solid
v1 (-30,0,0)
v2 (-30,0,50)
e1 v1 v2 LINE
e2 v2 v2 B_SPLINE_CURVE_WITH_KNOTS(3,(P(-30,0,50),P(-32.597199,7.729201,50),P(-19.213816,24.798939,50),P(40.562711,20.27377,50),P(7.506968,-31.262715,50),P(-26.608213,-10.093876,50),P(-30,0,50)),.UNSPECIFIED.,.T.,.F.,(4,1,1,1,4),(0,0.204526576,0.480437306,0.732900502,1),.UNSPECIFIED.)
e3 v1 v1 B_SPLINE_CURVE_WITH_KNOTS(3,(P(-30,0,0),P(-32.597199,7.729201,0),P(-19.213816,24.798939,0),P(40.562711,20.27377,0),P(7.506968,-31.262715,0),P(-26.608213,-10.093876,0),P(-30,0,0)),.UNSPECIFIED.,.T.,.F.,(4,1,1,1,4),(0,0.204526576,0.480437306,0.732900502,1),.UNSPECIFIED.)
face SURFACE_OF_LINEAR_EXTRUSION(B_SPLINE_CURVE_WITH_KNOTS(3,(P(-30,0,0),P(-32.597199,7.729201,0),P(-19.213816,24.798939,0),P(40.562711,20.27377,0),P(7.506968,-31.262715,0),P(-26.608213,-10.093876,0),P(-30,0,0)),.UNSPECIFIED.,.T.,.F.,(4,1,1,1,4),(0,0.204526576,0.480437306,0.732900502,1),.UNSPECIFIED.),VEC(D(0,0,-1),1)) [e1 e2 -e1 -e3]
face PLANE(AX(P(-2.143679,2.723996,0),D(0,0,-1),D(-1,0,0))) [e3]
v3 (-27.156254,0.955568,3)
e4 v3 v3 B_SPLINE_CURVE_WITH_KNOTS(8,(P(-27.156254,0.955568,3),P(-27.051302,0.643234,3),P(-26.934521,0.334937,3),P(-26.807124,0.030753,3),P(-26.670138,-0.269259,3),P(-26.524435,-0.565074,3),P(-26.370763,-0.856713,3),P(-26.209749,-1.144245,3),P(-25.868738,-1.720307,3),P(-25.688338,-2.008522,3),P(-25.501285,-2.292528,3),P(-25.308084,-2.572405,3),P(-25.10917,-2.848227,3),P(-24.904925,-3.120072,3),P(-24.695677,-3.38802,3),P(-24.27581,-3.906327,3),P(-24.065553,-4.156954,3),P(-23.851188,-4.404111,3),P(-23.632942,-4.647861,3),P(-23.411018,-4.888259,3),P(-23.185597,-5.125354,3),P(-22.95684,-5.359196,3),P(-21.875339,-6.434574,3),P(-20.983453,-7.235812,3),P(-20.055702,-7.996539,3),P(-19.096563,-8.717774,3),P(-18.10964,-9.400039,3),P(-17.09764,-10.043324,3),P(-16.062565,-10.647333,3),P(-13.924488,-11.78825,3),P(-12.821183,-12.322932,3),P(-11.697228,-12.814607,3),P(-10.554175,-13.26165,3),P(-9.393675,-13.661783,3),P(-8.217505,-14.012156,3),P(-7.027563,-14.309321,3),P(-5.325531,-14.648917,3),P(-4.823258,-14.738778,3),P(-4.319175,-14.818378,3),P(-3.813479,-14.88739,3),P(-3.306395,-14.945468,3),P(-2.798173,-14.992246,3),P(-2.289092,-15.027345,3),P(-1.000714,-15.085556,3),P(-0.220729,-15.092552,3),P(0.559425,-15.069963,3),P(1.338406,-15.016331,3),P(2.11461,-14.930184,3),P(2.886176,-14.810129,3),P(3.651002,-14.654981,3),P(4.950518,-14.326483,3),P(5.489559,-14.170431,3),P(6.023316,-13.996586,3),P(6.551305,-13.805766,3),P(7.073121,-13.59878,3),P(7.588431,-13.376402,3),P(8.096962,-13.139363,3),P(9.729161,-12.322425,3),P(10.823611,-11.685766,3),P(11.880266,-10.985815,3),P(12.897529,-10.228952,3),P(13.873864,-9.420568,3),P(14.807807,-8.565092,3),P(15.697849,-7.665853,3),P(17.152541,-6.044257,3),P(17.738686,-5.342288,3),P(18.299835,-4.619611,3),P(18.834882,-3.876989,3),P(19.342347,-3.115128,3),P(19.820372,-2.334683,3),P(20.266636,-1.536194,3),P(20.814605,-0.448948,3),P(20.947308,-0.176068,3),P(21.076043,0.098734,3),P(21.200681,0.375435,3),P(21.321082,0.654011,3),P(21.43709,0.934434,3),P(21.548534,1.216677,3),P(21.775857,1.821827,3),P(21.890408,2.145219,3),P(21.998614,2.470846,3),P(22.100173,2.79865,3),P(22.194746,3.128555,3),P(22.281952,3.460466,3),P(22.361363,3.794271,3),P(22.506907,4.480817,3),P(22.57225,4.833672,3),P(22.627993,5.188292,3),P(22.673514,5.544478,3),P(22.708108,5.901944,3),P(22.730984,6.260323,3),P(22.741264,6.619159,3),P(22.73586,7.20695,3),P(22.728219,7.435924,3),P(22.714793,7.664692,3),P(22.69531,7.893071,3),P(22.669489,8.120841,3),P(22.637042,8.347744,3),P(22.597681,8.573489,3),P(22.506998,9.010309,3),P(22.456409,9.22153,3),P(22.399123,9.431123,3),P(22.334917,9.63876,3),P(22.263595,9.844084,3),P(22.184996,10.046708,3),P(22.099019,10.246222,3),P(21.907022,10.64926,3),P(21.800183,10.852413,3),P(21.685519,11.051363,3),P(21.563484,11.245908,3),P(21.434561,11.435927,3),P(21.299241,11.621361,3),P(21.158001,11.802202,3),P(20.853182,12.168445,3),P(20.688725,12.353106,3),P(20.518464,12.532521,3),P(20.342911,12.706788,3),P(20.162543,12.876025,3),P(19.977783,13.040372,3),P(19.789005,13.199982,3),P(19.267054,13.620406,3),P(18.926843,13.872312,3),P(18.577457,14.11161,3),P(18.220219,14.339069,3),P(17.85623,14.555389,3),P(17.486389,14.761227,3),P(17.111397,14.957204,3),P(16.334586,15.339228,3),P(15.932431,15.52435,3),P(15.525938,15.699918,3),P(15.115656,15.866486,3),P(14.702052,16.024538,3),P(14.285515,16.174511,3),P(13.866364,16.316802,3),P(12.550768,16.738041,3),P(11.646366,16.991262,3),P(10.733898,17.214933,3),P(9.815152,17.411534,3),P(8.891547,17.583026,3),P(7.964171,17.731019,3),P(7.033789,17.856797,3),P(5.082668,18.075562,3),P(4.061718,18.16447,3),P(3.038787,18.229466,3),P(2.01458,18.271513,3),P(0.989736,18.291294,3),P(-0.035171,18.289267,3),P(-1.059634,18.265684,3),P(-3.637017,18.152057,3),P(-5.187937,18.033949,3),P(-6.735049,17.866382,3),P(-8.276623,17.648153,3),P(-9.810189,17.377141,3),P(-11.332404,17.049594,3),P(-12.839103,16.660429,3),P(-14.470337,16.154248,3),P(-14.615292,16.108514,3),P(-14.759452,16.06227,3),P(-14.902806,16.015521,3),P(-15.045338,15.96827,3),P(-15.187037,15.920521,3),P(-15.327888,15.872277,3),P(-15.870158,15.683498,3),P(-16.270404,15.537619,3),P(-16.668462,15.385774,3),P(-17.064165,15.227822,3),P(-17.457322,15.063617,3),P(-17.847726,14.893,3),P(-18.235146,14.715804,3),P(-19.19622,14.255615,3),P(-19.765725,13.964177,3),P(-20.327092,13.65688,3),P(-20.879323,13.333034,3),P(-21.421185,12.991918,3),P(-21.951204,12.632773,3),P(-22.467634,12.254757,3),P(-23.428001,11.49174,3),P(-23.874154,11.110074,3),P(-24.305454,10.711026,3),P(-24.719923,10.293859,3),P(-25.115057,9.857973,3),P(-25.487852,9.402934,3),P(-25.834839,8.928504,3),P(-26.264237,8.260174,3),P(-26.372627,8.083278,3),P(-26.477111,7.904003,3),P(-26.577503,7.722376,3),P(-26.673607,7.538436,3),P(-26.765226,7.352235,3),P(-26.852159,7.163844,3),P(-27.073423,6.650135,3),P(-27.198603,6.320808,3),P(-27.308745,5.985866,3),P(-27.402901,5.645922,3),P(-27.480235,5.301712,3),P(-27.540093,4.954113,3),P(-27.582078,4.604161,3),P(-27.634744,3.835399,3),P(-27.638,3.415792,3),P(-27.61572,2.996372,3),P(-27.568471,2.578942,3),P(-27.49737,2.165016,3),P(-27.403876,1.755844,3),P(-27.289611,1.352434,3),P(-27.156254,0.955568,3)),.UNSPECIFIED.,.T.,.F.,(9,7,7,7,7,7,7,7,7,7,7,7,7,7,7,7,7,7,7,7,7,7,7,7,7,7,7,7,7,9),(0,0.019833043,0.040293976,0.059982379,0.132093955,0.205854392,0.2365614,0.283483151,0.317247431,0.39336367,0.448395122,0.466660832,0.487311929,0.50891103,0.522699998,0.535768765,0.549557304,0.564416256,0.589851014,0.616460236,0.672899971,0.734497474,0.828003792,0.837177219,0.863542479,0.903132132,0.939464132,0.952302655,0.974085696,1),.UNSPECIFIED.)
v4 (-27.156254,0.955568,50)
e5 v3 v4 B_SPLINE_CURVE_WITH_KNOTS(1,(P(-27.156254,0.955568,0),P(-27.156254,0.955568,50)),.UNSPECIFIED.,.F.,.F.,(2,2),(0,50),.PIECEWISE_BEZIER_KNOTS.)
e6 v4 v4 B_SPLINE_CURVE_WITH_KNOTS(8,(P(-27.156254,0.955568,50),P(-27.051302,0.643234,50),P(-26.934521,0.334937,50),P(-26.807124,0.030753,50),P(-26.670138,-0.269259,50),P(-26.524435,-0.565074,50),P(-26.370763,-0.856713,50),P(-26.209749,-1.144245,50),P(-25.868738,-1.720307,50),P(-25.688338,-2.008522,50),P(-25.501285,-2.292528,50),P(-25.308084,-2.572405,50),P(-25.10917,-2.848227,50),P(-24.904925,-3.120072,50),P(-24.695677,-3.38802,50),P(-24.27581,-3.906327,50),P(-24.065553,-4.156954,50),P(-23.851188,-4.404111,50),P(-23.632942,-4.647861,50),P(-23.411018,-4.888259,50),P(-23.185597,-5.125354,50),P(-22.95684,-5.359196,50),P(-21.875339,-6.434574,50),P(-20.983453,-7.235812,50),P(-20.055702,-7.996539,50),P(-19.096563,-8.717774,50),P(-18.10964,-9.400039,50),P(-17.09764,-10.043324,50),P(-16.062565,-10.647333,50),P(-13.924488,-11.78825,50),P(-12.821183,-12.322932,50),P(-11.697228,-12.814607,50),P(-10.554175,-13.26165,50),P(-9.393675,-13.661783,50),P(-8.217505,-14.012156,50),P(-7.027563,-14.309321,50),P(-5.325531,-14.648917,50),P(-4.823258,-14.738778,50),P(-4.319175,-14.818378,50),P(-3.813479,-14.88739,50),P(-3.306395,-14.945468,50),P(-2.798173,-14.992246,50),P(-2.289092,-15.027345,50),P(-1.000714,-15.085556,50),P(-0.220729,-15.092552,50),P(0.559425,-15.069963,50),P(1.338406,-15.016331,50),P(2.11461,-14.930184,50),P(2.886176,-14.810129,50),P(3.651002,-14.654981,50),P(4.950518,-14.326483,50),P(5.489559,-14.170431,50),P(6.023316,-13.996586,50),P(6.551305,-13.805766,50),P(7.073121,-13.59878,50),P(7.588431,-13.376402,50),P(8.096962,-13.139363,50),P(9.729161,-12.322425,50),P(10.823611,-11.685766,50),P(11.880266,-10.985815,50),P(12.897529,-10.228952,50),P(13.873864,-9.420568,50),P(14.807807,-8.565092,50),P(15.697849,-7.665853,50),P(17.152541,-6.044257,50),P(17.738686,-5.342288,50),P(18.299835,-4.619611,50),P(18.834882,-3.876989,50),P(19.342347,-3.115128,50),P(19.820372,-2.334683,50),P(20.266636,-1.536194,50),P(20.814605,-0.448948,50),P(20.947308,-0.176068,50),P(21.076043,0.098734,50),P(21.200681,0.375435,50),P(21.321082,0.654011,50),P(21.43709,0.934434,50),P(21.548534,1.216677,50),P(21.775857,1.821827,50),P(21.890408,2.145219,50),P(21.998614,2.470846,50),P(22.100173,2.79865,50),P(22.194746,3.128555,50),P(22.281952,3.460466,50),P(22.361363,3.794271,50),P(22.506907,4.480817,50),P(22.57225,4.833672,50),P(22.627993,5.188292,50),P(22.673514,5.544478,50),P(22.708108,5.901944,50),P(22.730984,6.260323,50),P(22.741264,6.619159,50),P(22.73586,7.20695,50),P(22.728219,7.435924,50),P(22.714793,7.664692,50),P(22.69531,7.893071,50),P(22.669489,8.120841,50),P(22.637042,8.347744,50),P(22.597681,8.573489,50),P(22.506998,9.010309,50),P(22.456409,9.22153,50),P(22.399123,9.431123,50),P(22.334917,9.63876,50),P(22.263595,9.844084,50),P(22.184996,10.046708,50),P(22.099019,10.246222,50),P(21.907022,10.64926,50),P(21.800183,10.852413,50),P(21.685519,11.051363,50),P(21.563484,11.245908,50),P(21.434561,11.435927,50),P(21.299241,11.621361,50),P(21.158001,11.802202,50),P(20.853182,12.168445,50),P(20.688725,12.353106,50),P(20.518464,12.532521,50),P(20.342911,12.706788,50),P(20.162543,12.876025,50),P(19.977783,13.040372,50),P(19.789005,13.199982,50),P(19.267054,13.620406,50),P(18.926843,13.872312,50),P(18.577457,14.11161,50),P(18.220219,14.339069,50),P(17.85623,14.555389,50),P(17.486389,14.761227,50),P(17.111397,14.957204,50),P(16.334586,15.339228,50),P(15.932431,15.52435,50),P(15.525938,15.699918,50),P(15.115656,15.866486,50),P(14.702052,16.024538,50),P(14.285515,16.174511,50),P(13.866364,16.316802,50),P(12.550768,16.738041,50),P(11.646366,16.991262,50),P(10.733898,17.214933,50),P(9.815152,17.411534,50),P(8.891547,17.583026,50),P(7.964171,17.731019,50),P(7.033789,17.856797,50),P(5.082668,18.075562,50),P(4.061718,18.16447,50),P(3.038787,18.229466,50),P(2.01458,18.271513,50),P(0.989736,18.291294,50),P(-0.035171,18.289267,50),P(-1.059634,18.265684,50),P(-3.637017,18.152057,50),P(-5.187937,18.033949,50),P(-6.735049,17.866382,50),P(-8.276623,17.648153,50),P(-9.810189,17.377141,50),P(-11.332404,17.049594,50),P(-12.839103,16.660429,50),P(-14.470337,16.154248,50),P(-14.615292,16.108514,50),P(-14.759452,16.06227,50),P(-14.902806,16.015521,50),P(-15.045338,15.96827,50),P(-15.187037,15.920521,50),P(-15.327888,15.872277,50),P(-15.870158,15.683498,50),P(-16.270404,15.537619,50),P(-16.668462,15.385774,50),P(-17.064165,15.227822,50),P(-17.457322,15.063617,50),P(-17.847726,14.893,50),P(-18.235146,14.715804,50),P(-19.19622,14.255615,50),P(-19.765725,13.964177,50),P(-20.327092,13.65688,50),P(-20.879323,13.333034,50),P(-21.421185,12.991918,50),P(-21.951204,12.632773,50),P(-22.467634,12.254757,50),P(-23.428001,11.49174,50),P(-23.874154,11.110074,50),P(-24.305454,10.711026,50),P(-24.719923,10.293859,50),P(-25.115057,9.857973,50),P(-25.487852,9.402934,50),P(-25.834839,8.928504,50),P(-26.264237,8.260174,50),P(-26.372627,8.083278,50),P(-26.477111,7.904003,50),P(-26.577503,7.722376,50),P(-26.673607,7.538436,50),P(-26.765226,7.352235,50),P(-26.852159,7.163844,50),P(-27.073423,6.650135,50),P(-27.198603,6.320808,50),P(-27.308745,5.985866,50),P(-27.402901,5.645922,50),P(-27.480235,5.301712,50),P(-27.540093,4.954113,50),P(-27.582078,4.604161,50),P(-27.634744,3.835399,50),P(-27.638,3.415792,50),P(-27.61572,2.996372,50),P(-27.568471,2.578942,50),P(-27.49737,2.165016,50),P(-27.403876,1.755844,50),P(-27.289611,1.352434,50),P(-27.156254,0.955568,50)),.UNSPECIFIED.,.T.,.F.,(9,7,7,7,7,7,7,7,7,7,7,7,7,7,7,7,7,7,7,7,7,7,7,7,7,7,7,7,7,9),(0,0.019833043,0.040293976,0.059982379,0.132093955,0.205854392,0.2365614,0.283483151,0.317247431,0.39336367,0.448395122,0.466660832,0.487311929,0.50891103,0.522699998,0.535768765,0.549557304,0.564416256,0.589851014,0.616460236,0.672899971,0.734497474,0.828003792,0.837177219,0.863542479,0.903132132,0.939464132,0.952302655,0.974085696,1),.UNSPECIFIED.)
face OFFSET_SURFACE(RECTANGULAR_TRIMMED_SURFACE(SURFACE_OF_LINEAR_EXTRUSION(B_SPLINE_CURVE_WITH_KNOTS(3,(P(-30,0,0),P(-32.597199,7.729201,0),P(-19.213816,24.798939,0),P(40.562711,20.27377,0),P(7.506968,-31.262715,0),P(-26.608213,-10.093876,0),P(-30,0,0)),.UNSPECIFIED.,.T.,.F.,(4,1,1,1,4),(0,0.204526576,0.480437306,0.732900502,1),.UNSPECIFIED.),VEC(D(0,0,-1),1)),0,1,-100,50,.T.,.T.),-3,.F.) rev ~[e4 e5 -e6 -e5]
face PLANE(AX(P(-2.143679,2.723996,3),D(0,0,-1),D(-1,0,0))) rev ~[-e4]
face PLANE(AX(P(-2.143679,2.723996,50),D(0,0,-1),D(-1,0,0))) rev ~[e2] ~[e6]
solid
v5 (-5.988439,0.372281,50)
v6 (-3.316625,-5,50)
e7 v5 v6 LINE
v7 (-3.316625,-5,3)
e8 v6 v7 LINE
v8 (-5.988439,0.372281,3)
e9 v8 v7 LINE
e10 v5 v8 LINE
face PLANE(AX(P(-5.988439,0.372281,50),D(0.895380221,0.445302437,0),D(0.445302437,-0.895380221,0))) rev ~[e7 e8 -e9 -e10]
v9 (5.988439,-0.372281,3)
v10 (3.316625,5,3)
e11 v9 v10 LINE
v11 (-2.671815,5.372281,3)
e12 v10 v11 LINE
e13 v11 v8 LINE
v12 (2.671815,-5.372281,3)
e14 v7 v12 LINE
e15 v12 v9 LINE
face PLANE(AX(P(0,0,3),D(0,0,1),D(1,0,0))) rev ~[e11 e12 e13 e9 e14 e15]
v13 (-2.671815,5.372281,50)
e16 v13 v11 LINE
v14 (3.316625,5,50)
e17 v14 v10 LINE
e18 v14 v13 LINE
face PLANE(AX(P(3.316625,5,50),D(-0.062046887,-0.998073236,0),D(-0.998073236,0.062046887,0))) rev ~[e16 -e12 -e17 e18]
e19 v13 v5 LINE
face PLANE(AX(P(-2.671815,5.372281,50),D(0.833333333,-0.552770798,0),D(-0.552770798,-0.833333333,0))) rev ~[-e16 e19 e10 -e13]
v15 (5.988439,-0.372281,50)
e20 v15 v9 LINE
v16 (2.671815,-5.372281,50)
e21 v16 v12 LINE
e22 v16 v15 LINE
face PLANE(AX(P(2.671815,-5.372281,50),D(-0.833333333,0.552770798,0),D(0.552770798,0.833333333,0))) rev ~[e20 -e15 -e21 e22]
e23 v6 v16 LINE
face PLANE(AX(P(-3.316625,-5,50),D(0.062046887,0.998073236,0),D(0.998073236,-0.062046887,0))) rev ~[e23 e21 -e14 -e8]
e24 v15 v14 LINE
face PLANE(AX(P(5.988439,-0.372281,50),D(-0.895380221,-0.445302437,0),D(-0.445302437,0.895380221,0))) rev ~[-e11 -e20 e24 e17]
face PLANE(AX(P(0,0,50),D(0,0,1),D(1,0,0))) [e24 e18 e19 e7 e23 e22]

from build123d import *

# Parameters (mm, degrees)
F1_DEPTH = 50
F2_T     = -3


with BuildPart() as f1:
    # F0 (on Top) → F1 (new body)
    with BuildSketch(Plane.XY):
        with BuildLine():
            add(Edge.make_bspline(
                [(-30, 0), (-32.5971991388, 7.7292013489), (-19.2138163917, 24.7989387517), (40.5627114399, 20.273769736), (7.5069679532, -31.262714807), (-26.6082129772, -10.0938755293), (-30, 0)],
                knots=[0, 0, 0, 0, 0.2045265756, 0.4804373057, 0.7329005024, 1, 1, 1, 1], degree=3))
        make_face()
    extrude(amount=F1_DEPTH)

    # F2
    f2_openings = [f1.faces().sort_by_distance(p)[0] for p in [
        (-1.997425, 2.542932, 50),
    ]]
    offset(amount=F2_T, openings=f2_openings)


with BuildPart() as f5:
    # F5: sweep along a path in F4
    with BuildLine(Plane.XZ) as f5_path:
        Line((0, 50), (0, 3))
    # F3 (on face) → F5 (sweep)
    with BuildSketch(Plane.XY.offset(50)):
        Polygon((2.6718146237, -5.3722813233), (5.9884394141, -0.3722813233), (3.3166247904, 5), (-2.6718146237, 5.3722813233), (-5.9884394141, 0.3722813233), (-3.3166247904, -5), align=None)
    sweep(path=f5_path.line)


solid = Compound([f1.part, f5.part])
